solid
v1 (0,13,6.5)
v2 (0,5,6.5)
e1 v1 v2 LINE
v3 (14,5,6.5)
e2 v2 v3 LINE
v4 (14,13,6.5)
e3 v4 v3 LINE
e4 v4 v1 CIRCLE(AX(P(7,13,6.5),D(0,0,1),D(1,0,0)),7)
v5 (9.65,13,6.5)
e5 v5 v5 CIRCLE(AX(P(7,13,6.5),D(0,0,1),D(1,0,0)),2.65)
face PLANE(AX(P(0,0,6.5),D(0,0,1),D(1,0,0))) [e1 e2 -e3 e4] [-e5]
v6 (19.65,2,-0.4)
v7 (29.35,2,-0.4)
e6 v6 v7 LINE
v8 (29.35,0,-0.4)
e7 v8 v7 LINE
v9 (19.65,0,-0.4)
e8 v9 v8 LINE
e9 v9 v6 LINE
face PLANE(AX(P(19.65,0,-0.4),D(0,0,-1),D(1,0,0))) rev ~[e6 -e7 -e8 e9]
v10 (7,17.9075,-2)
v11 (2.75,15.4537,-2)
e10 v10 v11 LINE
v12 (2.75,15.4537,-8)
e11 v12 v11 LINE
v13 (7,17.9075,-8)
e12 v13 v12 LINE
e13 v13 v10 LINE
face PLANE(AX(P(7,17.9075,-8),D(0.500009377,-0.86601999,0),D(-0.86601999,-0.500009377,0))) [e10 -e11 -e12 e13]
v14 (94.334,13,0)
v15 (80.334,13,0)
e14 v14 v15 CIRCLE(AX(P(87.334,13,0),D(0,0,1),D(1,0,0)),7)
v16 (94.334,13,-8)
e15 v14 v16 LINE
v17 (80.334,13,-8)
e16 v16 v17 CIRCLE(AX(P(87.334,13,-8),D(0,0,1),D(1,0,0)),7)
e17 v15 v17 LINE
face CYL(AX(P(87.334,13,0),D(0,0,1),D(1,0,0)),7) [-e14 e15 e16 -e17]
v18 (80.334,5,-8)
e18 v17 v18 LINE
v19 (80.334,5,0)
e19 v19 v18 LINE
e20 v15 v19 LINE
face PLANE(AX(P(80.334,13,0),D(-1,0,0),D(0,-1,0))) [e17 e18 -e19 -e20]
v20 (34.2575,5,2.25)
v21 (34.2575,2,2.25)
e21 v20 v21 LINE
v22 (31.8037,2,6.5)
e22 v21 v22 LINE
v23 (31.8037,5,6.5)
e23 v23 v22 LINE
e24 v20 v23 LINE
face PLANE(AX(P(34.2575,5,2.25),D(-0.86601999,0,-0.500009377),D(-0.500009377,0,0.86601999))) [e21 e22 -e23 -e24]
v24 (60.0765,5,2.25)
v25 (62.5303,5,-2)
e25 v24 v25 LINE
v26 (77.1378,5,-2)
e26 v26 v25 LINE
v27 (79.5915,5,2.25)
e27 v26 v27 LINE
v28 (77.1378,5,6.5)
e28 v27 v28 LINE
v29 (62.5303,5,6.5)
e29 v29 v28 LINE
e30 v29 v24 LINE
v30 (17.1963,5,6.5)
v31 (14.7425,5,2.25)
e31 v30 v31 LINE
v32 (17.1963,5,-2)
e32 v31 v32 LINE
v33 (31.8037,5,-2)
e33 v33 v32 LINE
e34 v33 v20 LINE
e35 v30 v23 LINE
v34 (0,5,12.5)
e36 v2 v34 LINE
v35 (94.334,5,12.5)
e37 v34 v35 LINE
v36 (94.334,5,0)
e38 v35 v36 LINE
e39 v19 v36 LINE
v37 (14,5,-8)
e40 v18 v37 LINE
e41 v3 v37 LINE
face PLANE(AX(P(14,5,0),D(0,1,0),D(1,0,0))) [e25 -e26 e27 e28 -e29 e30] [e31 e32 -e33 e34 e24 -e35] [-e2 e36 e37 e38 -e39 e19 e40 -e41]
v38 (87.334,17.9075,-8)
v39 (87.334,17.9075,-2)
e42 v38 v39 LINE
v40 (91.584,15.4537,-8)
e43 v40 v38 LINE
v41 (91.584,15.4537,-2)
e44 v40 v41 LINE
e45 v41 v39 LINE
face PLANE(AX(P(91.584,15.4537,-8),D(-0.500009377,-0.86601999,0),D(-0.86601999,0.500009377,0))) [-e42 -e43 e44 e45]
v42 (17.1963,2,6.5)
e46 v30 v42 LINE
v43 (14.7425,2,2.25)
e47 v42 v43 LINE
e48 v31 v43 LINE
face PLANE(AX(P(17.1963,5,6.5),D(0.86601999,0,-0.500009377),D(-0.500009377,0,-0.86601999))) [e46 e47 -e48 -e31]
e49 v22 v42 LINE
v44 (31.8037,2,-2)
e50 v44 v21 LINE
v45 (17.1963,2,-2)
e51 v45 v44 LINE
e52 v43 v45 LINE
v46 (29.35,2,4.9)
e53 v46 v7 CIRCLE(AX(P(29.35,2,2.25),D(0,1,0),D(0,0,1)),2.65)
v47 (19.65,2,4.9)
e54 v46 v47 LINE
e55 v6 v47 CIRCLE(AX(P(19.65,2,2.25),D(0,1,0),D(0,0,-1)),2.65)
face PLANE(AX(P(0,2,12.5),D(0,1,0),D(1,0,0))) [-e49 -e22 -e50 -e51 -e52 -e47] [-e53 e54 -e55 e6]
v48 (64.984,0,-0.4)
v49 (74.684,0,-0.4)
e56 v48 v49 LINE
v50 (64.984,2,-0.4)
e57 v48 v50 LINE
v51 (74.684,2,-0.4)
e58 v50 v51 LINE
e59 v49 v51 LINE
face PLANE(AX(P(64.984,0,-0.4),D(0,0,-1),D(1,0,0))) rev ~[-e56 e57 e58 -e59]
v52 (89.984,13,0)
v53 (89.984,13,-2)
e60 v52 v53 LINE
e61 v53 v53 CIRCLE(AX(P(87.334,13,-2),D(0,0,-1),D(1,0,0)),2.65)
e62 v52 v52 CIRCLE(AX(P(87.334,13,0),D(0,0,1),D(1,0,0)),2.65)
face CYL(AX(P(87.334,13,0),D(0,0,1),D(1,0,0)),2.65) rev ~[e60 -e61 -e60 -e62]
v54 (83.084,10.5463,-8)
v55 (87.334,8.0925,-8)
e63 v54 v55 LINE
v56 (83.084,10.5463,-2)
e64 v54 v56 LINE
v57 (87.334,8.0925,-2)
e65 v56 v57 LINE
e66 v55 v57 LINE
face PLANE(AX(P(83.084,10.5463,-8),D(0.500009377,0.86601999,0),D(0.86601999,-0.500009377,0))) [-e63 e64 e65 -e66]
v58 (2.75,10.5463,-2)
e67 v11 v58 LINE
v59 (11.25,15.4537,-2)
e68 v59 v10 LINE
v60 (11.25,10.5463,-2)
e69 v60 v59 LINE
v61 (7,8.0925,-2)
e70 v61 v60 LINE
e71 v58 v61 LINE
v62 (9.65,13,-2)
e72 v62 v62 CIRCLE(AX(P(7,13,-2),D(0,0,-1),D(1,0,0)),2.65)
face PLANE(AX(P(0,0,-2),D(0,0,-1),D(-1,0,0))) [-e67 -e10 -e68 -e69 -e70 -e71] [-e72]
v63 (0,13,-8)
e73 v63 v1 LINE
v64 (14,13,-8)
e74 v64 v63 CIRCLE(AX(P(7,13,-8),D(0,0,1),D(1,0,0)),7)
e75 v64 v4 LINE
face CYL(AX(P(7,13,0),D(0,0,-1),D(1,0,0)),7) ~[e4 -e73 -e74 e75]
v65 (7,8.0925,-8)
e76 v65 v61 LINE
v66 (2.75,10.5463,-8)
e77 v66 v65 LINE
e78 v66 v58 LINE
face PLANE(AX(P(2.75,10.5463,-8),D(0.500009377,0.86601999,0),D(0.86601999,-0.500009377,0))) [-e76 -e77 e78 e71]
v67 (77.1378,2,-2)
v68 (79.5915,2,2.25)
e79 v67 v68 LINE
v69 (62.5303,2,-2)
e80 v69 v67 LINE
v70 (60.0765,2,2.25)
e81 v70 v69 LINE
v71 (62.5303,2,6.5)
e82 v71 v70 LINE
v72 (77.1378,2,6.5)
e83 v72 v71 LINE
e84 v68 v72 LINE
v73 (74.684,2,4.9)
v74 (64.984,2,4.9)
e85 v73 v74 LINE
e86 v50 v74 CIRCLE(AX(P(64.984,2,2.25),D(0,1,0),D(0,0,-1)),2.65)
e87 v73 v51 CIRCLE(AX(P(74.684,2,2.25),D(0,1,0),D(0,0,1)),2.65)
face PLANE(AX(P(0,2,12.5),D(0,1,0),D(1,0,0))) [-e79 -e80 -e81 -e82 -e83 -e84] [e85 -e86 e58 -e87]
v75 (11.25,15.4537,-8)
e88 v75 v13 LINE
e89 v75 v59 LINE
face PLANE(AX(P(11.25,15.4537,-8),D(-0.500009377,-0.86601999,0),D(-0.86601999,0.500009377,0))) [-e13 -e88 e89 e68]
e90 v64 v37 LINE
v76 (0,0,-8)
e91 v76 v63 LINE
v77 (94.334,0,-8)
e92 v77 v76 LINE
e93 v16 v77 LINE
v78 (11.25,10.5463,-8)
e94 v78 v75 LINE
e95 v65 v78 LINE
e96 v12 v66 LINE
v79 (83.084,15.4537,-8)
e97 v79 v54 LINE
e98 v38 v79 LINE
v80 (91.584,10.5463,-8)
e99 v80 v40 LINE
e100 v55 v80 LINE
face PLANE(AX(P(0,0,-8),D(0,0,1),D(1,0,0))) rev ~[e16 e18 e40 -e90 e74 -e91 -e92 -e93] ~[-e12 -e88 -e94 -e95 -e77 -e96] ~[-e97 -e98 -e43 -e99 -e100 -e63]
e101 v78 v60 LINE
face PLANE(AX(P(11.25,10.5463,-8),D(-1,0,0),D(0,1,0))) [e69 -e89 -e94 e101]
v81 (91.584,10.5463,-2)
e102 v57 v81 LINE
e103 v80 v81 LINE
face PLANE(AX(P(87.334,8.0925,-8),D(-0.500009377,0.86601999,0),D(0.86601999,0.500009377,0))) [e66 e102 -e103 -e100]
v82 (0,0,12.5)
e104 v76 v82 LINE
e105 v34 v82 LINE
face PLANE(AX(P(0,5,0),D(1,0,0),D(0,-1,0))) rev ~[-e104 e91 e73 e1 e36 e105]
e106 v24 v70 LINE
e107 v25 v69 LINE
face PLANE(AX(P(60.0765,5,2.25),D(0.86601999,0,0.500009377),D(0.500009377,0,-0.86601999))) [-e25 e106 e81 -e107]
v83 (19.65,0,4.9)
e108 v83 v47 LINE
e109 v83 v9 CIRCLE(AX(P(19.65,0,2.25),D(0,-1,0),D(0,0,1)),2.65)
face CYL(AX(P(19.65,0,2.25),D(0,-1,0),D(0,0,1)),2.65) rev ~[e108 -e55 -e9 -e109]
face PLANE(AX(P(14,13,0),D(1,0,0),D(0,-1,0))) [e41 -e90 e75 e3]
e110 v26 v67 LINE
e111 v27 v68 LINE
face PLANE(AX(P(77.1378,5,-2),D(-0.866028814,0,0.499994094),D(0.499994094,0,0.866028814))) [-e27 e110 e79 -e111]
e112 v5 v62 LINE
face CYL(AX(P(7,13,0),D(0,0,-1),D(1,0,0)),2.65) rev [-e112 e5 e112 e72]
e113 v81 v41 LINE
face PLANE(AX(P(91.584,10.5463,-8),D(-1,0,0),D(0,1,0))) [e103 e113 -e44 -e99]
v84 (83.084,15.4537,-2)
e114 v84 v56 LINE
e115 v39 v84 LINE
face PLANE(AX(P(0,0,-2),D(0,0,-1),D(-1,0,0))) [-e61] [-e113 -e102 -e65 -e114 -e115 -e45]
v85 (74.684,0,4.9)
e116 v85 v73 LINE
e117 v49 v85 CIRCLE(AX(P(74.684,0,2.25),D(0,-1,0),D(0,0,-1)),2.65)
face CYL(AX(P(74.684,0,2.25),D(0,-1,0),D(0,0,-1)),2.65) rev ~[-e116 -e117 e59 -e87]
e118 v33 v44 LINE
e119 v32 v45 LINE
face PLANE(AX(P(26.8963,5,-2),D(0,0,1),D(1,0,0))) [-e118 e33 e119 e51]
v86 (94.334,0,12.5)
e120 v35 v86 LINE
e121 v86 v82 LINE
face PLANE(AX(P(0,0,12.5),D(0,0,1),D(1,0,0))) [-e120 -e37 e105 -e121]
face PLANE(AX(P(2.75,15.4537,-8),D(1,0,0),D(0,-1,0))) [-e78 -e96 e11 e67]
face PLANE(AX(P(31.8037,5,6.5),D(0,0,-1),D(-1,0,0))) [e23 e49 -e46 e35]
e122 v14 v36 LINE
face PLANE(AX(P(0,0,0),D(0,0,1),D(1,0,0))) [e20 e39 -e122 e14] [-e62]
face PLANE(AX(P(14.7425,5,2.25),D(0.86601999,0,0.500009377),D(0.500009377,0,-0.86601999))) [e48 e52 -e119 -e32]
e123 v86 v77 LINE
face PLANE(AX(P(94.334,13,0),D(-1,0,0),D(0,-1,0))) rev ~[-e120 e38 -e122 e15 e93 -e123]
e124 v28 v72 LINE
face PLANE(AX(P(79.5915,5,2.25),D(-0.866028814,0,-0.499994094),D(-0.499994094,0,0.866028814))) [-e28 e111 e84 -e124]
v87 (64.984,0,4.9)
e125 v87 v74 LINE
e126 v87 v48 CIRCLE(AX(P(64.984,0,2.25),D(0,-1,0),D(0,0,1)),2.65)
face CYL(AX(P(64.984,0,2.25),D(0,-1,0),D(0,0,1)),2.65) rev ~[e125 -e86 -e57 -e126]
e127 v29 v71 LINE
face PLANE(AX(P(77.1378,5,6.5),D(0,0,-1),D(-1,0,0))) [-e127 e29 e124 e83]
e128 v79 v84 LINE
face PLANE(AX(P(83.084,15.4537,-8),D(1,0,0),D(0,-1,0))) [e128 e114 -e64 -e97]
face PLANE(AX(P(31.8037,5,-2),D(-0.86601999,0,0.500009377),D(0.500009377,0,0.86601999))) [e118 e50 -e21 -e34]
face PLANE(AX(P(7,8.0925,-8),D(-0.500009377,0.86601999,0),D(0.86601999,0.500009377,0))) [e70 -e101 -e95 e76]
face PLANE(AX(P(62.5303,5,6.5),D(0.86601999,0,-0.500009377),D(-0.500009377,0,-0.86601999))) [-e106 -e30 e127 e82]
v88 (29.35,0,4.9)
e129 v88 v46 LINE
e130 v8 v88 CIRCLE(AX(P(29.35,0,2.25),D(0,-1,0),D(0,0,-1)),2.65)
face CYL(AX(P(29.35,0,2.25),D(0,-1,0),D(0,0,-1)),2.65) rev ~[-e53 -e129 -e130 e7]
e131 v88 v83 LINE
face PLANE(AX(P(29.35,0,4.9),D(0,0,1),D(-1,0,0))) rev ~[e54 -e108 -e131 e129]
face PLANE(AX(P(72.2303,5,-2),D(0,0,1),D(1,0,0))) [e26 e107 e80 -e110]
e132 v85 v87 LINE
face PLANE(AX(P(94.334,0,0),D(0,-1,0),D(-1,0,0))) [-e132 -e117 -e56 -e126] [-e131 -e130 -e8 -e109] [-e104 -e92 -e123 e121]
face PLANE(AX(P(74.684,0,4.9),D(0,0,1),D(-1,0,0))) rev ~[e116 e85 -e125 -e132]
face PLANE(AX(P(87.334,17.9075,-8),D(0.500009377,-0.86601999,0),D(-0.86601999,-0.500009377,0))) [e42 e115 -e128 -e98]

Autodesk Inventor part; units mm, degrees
ref_plane "YZ Plane" through (0, 0, 0) normal (1, 0, 0) x (0, 1, 0)
ref_plane "XZ Plane" through (0, 0, 0) normal (0, 1, 0) x (-1, 0, 0)
ref_plane "XY Plane" through (0, 0, 0) normal (0, 0, 1) x (1, 0, 0)
sketch "Skizze1" plane through (0, 0, 0) normal (0, 0, 1) x (1, 0, 0)
  circle A0 centre (7, 13) radius 2.65
  circle A1 centre (87.334, 13) radius 2.65
  arc A2 (14, 13) -> (0, 13) centre (7, 13) ccw
  arc A3 (94.334, 13) -> (80.334, 13) centre (87.334, 13) ccw
  line L0 (94.334, 0) -> (0, 0)
  line L1 (0, 5) -> (94.334, 5)
  line L2 (94.334, 13) -> (94.334, 0)
  line L3 (80.334, 13) -> (80.334, 5)
  line L4 (14, 13) -> (14, 5)
  line L5 (0, 13) -> (0, 0)
  dimension "d4" = 5.3
  dimension "d5" = 5.3
  dimension "d8" = 80.334
  dimension "d18" = 5
  dimension "d21" = 7
  dimension "d22" = 13
extrude "Extrusion1" add sketch "Skizze1" along normal blind 12.5 and the other way blind 8 contours L1 L2 L0 L5
extrude "Extrusion2" add sketch "Skizze1" against normal blind 8 contours L3 A3 L2 L1
extrude "Extrusion3" add sketch "Skizze1" along normal blind 6.5 and the other way blind 8 contours L4 L1 L5 A2
sketch "Skizze2" plane through (0, 0, -8) normal (0, 0, -1) x (-1, 0, 0)
  circle A0 centre (-87.334, 13) radius 2.65 projected
  circle A1 centre (-7, 13) radius 2.65 projected
  line L0 (-87.334, 17.9075) -> (-83.084, 15.4537)
  line L1 (-83.084, 15.4537) -> (-83.084, 10.5463)
  line L2 (-83.084, 10.5463) -> (-87.334, 8.0925)
  line L3 (-87.334, 8.0925) -> (-91.584, 10.5463)
  line L4 (-91.584, 10.5463) -> (-91.584, 15.4537)
  line L5 (-91.584, 15.4537) -> (-87.334, 17.9075)
  line L6 (-7, 17.9075) -> (-2.75, 15.4537)
  line L7 (-2.75, 15.4537) -> (-2.75, 10.5463)
  line L8 (-2.75, 10.5463) -> (-7, 8.0925)
  line L9 (-7, 8.0925) -> (-11.25, 10.5463)
  line L10 (-11.25, 10.5463) -> (-11.25, 15.4537)
  line L11 (-11.25, 15.4537) -> (-7, 17.9075)
  point P0 (0, 0)
  dimension "d23" = 8.5
  dimension "d24" = 8.5
extrude "Extrusion4" cut sketch "Skizze2" against normal blind 6 contours L0 L1 L2 L3 L4 L5
extrude "Extrusion5" cut sketch "Skizze2" against normal blind 6 contours A1 | L6 L7 L8 L9 L10 L11
sketch "Skizze3" plane through (0, 0, 12.5) normal (0, -1, 0) x (1, 0, 0)
  line L0 (94.334, 0) -> (94.334, -20.5) projected
  line L1 (0, 0) -> (94.334, 0) projected
  line L2 (0, -20.5) -> (0, 0) projected
  line L3 (94.334, -20.5) -> (0, -20.5) projected
  line L4 (0, -20.5) -> (0, 0) projected
  line L5 (0, -10.25) -> (94.334, -10.25) construction
  line L6 (94.334, 0) -> (94.334, -20.5) projected
  line L7 (17, -10.25) -> (32, -10.25) construction
  line L8 (19.65, -12.9) -> (29.35, -12.9)
  line L9 (29.35, -7.6) -> (19.65, -7.6)
  arc A0 (19.65, -7.6) -> (19.65, -12.9) centre (19.65, -10.25) ccw
  arc A1 (29.35, -12.9) -> (29.35, -7.6) centre (29.35, -10.25) ccw
  line L10 (62.334, -10.25) -> (77.334, -10.25) construction
  line L11 (64.984, -12.9) -> (74.684, -12.9)
  line L12 (74.684, -7.6) -> (64.984, -7.6)
  arc A2 (64.984, -7.6) -> (64.984, -12.9) centre (64.984, -10.25) ccw
  arc A3 (74.684, -12.9) -> (74.684, -7.6) centre (74.684, -10.25) ccw
  point P0 (0, -12.5)
  point P1 (24.5, -10.25)
  point P2 (69.834, -10.25)
  dimension "d34" = 5.3
  dimension "d35" = 5.3
  dimension "d36" = 15
  dimension "d37" = 15
  dimension "d38" = 17
  dimension "d39" = 17
extrude "Extrusion6" cut sketch "Skizze3" against normal through all contours A0 L9 A1 L8 | A2 L12 A3 L11
sketch "Skizze4" plane through (0, 5, 12.5) normal (0, 1, 0) x (1, 0, 0)
  line L0 (74.684, 7.6) -> (64.984, 7.6) projected
  arc A0 (64.984, 12.9) -> (64.984, 7.6) centre (64.984, 10.25) ccw projected
  line L1 (64.984, 12.9) -> (74.684, 12.9) projected
  arc A1 (74.684, 7.6) -> (74.684, 12.9) centre (74.684, 10.25) ccw projected
  line L2 (29.35, 7.6) -> (19.65, 7.6) projected
  arc A2 (19.65, 12.9) -> (19.65, 7.6) centre (19.65, 10.25) ccw projected
  line L3 (19.65, 12.9) -> (29.35, 12.9) projected
  arc A3 (29.35, 7.6) -> (29.35, 12.9) centre (29.35, 10.25) ccw projected
  line L4 (14, 6) -> (0, 6) projected
  line L5 (0, 6) -> (0, 0) projected
  line L6 (94.334, 0) -> (0, 0) projected
  line L7 (94.334, 12.5) -> (94.334, 0) projected
  line L8 (94.334, 12.5) -> (80.334, 12.5) projected
  line L9 (80.334, 12.5) -> (80.334, 20.5) projected
  line L10 (14, 20.5) -> (80.334, 20.5) projected
  line L11 (14, 20.5) -> (14, 6) projected
  line L12 (77.1378, 6) -> (72.2303, 6)
  line L13 (72.2303, 6) -> (69.7765, 10.25)
  line L14 (69.7765, 10.25) -> (72.2303, 14.5)
  line L15 (72.2303, 14.5) -> (77.1378, 14.5)
  line L16 (77.1378, 14.5) -> (79.5915, 10.25)
  line L17 (79.5915, 10.25) -> (77.1378, 6)
  line L18 (62.5303, 6) -> (60.0765, 10.25)
  line L19 (60.0765, 10.25) -> (62.5303, 14.5)
  line L20 (62.5303, 14.5) -> (67.4378, 14.5)
  line L21 (67.4378, 14.5) -> (69.8915, 10.25)
  line L22 (69.8915, 10.25) -> (67.4378, 6)
  line L23 (67.4378, 6) -> (62.5303, 6)
  line L24 (31.8037, 6) -> (26.8963, 6)
  line L25 (26.8963, 6) -> (24.4425, 10.25)
  line L26 (24.4425, 10.25) -> (26.8963, 14.5)
  line L27 (26.8963, 14.5) -> (31.8037, 14.5)
  line L28 (31.8037, 14.5) -> (34.2575, 10.25)
  line L29 (34.2575, 10.25) -> (31.8037, 6)
  line L30 (17.1963, 6) -> (14.7425, 10.25)
  line L31 (14.7425, 10.25) -> (17.1963, 14.5)
  line L32 (17.1963, 14.5) -> (22.1037, 14.5)
  line L33 (22.1037, 14.5) -> (24.5575, 10.25)
  line L34 (24.5575, 10.25) -> (22.1037, 6)
  line L35 (22.1037, 6) -> (17.1963, 6)
  line L36 (72.2303, 6) -> (67.4378, 6)
  line L37 (74.684, 7.6) -> (64.984, 7.6) projected
  line L38 (72.2303, 14.5) -> (67.4378, 14.5)
  line L39 (26.8963, 6) -> (22.1037, 6)
  line L40 (26.8963, 14.5) -> (22.1037, 14.5)
  point P0 (0, 12.5)
  dimension "d42" = 8.5
extrude "Extrusion7" cut sketch "Skizze4" against normal blind 3 contours A1 L1 L14 L15 L16 L17 L12 L13 L0 | L13 L36 L22 L0 | L22 L23 L18 L19 L20 L21 L1 A0 L0 | L1 L21 L38 L14 | A3 L3 L26 L27 L28 L29 L24 L25 L2 | L25 L39 L34 L2 | L34 L35 L30 L31 L32 L33 L3 A2 L2 | L3 L33 L40 L26
equation "\"d4\" = d5"
equation "\"d10\" = d14"
equation "\"d29\" = d14"
equation "\"d24\" = d23"
equation "\"d35\" = d34"
equation "\"d37\" = d36"
equation "\"d14\" = 8"
properties part number "Door_Panel" material "ABS-Kunststoff"
